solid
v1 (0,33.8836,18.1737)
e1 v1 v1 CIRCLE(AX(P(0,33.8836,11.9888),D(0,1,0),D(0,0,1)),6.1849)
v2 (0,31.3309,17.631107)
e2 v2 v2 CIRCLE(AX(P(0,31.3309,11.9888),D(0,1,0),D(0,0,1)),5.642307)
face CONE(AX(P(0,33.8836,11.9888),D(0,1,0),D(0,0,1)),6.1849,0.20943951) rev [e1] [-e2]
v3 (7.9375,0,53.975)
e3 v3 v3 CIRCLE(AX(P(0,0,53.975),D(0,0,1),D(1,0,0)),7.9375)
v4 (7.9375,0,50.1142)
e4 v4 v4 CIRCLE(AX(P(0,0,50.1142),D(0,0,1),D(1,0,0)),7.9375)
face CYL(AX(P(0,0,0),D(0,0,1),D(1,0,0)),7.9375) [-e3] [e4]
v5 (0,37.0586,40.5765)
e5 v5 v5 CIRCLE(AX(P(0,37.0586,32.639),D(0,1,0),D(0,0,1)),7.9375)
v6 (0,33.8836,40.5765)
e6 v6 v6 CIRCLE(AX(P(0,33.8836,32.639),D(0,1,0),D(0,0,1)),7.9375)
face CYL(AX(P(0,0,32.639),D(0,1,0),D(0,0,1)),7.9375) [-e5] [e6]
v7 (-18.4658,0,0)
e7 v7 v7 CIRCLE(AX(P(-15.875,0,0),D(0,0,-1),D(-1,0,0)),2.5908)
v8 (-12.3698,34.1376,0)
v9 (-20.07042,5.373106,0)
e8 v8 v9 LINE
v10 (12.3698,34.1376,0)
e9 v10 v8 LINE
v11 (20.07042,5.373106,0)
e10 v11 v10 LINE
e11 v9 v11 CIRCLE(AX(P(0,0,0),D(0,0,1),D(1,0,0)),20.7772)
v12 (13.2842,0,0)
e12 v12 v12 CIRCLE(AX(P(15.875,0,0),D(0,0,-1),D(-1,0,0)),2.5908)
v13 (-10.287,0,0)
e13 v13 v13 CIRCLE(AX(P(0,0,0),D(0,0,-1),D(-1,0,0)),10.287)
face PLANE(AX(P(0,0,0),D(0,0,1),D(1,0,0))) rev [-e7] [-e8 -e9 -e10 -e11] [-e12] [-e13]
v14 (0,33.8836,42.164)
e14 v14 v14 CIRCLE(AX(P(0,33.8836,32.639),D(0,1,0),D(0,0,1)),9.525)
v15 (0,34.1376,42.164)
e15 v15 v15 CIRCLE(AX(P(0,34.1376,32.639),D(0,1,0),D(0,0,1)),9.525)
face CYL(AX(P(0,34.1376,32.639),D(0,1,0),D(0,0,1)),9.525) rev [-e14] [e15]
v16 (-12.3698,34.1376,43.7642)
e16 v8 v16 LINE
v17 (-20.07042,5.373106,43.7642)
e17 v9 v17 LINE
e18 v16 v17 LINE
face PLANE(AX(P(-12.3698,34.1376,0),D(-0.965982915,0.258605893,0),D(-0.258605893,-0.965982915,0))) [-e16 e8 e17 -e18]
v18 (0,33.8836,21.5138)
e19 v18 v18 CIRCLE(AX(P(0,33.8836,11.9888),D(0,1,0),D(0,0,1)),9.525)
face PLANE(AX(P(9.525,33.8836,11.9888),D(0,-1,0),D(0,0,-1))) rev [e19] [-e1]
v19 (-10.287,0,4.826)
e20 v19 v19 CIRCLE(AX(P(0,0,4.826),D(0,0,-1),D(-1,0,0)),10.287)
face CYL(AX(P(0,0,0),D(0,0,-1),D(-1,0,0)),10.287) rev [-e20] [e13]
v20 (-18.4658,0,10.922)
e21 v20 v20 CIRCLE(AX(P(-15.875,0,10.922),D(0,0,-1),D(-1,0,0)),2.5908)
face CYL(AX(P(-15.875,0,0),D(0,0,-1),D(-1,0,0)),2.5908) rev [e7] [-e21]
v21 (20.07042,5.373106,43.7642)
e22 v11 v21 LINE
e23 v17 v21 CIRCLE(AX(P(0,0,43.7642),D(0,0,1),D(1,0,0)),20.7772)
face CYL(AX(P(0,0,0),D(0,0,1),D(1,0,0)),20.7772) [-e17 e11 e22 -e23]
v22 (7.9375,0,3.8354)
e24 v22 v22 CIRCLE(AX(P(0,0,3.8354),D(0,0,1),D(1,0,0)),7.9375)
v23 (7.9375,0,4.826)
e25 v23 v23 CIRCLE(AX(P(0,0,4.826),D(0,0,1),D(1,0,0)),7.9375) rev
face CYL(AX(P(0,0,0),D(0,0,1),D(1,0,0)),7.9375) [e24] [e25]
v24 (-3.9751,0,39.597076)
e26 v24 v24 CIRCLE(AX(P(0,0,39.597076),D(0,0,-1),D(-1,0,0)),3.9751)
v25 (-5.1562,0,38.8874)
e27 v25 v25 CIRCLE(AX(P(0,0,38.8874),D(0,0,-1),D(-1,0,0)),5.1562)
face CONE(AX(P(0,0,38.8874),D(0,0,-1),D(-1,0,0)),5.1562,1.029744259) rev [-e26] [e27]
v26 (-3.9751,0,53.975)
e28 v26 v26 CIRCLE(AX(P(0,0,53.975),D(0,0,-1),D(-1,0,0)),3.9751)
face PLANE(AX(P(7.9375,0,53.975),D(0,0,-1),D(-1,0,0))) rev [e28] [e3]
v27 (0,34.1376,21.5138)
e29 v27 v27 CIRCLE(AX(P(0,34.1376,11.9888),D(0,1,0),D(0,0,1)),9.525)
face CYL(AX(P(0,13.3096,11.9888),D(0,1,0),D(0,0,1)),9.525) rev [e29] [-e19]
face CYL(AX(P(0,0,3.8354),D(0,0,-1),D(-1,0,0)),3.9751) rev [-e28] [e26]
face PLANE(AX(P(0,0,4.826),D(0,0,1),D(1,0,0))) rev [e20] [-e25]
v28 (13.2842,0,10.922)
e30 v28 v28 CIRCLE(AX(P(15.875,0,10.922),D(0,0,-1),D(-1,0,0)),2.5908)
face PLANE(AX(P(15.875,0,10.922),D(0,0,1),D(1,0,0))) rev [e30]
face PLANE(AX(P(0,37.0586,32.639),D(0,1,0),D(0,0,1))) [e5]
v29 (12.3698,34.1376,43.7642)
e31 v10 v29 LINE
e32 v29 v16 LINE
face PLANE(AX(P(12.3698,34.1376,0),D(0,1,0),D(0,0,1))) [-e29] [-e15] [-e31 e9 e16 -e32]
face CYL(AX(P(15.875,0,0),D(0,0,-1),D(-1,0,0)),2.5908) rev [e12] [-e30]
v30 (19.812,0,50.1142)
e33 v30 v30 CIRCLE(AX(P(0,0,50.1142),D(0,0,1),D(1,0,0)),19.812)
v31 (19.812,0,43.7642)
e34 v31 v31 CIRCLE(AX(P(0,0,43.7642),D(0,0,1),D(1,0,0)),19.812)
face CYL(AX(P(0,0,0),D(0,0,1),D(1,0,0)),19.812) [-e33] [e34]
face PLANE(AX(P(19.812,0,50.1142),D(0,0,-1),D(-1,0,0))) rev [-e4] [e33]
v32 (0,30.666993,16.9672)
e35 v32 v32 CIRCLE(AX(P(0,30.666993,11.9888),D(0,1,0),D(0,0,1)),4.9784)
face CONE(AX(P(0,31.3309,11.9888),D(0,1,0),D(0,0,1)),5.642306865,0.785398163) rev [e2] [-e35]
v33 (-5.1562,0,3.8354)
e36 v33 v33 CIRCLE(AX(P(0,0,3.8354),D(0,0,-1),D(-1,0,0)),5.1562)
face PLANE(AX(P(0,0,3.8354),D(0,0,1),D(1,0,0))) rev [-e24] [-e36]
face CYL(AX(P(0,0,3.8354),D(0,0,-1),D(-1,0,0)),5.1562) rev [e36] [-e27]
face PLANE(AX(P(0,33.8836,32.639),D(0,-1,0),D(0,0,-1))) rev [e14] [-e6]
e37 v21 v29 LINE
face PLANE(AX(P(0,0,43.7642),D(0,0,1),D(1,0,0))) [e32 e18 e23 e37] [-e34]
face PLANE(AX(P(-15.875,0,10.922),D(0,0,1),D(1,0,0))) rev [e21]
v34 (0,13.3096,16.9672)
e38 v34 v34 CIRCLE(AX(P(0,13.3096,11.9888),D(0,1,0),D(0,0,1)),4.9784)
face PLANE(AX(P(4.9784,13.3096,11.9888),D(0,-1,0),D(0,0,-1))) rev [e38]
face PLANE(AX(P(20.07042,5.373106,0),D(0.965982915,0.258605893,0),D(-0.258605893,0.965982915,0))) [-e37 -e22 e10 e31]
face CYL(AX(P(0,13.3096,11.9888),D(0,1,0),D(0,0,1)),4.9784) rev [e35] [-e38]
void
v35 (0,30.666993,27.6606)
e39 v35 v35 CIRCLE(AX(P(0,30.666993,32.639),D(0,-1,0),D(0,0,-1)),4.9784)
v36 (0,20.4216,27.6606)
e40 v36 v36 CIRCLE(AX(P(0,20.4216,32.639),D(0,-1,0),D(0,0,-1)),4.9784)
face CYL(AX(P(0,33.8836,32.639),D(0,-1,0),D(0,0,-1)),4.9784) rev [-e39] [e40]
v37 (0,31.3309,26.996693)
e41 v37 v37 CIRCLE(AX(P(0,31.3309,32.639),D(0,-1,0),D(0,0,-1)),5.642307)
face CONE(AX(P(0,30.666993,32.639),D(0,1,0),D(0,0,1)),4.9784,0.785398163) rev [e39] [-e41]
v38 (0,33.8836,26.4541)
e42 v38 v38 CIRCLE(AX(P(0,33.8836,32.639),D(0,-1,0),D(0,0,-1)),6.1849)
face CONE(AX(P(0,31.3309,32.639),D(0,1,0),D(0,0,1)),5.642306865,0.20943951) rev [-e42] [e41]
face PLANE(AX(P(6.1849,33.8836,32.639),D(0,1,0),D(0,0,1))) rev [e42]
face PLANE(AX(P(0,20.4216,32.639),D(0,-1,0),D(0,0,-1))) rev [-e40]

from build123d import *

# Parameters (mm, degrees)
EXTRUDE1_DEPTH    = 43.7642
HOLE1_D           = 19.05
HOLE1_DEPTH       = 0.254
HOLE2_D           = 20.574
HOLE2_DEPTH       = 4.826
SKETCH6_W         = 7.9375
SKETCH6_H         = 0.9906
SKETCH8_W         = 7.9375
SKETCH8_H         = 3.175
HOLE3_D           = 5.1816
HOLE3_DEPTH       = 10.922
CIRPATTERN1_COUNT = 2


with BuildPart() as part:
    # Sketch1 → Extrude1 (new body)
    with BuildSketch(Plane.XY.offset(43.7642)):
        with BuildLine():
            Line((20.070420221, 5.373106363), (12.3698, 34.1376))
            Line((12.3698, 34.1376), (-12.3698, 34.1376))
            Line((-12.3698, 34.1376), (-20.070420221, 5.373106363))
            ThreePointArc((-20.070420221, 5.373106363), (0, -20.7772), (20.070420221, 5.373106363))
        make_face()
    extrude(amount=-EXTRUDE1_DEPTH)

    # Hole1
    with Locations(Plane(origin=(0, 34.1376, 0), x_dir=(-1, 0, 0), z_dir=(0, 1, 0))):
        with Locations((0, 32.639)):
            Hole(HOLE1_D / 2, depth=HOLE1_DEPTH)

    # Hole2
    with Locations(Plane(origin=(0, 0, 0), x_dir=(-1, 0, 0), z_dir=(0, 0, -1))):
        with Locations((0, 0)):
            Hole(HOLE2_D / 2, depth=HOLE2_DEPTH)

    # Sketch7 → Revolve2 (revolve)
    with BuildSketch(Plane.XZ):
        Polygon((7.9375, 53.975), (0, 53.975), (0, 43.7642), (19.812, 43.7642), (19.812, 50.1142), (7.9375, 50.1142), align=None)
    revolve(axis=Axis((0, 0, 0), (0, 0, 1)))

    # Sketch6 → Revolve1 (revolve)
    with BuildSketch(Plane.XZ):
        with Locations((3.96875, 4.3307)):
            Rectangle(SKETCH6_W, SKETCH6_H)
    revolve(axis=Axis((0, 0, 0), (0, 0, 1)))

    # Sketch8 → Revolve3 (revolve)
    with BuildSketch(Plane(origin=(0, 0, 32.639), x_dir=(-1, 0, 0), z_dir=(0, 0, -1)), mode=Mode.PRIVATE) as revolve3_sk:
        with Locations((-3.96875, 35.4711)):
            Rectangle(SKETCH8_W, SKETCH8_H)
    revolve(revolve3_sk.sketch.rotate(Axis((0, 0, 32.639), (0, 1, 0)), 270), axis=Axis((0, 0, 32.639), (0, 1, 0)))  # turned: the seam where the file's is

    # Sketch9 → Cut-Revolve1 (revolve, cut)
    with BuildSketch(Plane(origin=(0, 0, 11.9888), x_dir=(-1, 0, 0), z_dir=(0, 0, -1)), mode=Mode.PRIVATE) as cut_revolve1_sk:
        Polygon((-4.9784, 13.3096), (0, 13.3096), (0, 34.1376), (-9.525, 34.1376), (-9.525, 33.8836), (-6.1849, 33.8836), (-5.642306865, 31.3309), (-4.9784, 30.666993135), align=None)
    revolve(cut_revolve1_sk.sketch.rotate(Axis((0, 13.3096, 11.9888), (0, 1, 0)), 270), axis=Axis((0, 13.3096, 11.9888), (0, 1, 0)), mode=Mode.SUBTRACT)  # turned: the seam where the file's is

    # Sketch10 → Cut-Revolve2 (revolve, cut)
    with BuildSketch(Plane.XY.offset(32.639), mode=Mode.PRIVATE) as cut_revolve2_sk:
        Polygon((6.1849, 33.8836), (0, 33.8836), (0, 20.4216), (4.9784, 20.4216), (4.9784, 30.666993135), (5.642306865, 31.3309), align=None)
    revolve(cut_revolve2_sk.sketch.rotate(Axis((0, 33.8836, 32.639), (0, -1, 0)), 270), axis=Axis((0, 33.8836, 32.639), (0, -1, 0)), mode=Mode.SUBTRACT)  # turned: the seam where the file's is

    # Hole3
    with Locations(Plane(origin=(0, 0, 0), x_dir=(-1, 0, 0), z_dir=(0, 0, -1))):
        with Locations((-15.875, 0)):
            hole3 = Hole(HOLE3_D / 2, depth=HOLE3_DEPTH)

    # CirPattern1: Hole3 ×2 about axis
    cirpattern1_axis = Axis((0, 0, 0), (0, 0, 1))
    for i in range(1, CIRPATTERN1_COUNT):
        add(hole3.rotate(cirpattern1_axis, i * 360 / CIRPATTERN1_COUNT), mode=Mode.SUBTRACT)

    # Sketch15 → Hole5 (revolve, cut)
    with BuildSketch(Plane(origin=(0, 0, 3.8354), x_dir=(0, 1, 0), z_dir=(1, 0, 0))):
        Polygon((0, 0), (0, 50.1396), (3.9751, 50.1396), (3.9751, 35.761676477), (5.1562, 35.052), (5.1562, 0), align=None)
    revolve(axis=Axis((0, 0, -2.294623899), (0, 0, 1)), mode=Mode.SUBTRACT)


solid = part.part
